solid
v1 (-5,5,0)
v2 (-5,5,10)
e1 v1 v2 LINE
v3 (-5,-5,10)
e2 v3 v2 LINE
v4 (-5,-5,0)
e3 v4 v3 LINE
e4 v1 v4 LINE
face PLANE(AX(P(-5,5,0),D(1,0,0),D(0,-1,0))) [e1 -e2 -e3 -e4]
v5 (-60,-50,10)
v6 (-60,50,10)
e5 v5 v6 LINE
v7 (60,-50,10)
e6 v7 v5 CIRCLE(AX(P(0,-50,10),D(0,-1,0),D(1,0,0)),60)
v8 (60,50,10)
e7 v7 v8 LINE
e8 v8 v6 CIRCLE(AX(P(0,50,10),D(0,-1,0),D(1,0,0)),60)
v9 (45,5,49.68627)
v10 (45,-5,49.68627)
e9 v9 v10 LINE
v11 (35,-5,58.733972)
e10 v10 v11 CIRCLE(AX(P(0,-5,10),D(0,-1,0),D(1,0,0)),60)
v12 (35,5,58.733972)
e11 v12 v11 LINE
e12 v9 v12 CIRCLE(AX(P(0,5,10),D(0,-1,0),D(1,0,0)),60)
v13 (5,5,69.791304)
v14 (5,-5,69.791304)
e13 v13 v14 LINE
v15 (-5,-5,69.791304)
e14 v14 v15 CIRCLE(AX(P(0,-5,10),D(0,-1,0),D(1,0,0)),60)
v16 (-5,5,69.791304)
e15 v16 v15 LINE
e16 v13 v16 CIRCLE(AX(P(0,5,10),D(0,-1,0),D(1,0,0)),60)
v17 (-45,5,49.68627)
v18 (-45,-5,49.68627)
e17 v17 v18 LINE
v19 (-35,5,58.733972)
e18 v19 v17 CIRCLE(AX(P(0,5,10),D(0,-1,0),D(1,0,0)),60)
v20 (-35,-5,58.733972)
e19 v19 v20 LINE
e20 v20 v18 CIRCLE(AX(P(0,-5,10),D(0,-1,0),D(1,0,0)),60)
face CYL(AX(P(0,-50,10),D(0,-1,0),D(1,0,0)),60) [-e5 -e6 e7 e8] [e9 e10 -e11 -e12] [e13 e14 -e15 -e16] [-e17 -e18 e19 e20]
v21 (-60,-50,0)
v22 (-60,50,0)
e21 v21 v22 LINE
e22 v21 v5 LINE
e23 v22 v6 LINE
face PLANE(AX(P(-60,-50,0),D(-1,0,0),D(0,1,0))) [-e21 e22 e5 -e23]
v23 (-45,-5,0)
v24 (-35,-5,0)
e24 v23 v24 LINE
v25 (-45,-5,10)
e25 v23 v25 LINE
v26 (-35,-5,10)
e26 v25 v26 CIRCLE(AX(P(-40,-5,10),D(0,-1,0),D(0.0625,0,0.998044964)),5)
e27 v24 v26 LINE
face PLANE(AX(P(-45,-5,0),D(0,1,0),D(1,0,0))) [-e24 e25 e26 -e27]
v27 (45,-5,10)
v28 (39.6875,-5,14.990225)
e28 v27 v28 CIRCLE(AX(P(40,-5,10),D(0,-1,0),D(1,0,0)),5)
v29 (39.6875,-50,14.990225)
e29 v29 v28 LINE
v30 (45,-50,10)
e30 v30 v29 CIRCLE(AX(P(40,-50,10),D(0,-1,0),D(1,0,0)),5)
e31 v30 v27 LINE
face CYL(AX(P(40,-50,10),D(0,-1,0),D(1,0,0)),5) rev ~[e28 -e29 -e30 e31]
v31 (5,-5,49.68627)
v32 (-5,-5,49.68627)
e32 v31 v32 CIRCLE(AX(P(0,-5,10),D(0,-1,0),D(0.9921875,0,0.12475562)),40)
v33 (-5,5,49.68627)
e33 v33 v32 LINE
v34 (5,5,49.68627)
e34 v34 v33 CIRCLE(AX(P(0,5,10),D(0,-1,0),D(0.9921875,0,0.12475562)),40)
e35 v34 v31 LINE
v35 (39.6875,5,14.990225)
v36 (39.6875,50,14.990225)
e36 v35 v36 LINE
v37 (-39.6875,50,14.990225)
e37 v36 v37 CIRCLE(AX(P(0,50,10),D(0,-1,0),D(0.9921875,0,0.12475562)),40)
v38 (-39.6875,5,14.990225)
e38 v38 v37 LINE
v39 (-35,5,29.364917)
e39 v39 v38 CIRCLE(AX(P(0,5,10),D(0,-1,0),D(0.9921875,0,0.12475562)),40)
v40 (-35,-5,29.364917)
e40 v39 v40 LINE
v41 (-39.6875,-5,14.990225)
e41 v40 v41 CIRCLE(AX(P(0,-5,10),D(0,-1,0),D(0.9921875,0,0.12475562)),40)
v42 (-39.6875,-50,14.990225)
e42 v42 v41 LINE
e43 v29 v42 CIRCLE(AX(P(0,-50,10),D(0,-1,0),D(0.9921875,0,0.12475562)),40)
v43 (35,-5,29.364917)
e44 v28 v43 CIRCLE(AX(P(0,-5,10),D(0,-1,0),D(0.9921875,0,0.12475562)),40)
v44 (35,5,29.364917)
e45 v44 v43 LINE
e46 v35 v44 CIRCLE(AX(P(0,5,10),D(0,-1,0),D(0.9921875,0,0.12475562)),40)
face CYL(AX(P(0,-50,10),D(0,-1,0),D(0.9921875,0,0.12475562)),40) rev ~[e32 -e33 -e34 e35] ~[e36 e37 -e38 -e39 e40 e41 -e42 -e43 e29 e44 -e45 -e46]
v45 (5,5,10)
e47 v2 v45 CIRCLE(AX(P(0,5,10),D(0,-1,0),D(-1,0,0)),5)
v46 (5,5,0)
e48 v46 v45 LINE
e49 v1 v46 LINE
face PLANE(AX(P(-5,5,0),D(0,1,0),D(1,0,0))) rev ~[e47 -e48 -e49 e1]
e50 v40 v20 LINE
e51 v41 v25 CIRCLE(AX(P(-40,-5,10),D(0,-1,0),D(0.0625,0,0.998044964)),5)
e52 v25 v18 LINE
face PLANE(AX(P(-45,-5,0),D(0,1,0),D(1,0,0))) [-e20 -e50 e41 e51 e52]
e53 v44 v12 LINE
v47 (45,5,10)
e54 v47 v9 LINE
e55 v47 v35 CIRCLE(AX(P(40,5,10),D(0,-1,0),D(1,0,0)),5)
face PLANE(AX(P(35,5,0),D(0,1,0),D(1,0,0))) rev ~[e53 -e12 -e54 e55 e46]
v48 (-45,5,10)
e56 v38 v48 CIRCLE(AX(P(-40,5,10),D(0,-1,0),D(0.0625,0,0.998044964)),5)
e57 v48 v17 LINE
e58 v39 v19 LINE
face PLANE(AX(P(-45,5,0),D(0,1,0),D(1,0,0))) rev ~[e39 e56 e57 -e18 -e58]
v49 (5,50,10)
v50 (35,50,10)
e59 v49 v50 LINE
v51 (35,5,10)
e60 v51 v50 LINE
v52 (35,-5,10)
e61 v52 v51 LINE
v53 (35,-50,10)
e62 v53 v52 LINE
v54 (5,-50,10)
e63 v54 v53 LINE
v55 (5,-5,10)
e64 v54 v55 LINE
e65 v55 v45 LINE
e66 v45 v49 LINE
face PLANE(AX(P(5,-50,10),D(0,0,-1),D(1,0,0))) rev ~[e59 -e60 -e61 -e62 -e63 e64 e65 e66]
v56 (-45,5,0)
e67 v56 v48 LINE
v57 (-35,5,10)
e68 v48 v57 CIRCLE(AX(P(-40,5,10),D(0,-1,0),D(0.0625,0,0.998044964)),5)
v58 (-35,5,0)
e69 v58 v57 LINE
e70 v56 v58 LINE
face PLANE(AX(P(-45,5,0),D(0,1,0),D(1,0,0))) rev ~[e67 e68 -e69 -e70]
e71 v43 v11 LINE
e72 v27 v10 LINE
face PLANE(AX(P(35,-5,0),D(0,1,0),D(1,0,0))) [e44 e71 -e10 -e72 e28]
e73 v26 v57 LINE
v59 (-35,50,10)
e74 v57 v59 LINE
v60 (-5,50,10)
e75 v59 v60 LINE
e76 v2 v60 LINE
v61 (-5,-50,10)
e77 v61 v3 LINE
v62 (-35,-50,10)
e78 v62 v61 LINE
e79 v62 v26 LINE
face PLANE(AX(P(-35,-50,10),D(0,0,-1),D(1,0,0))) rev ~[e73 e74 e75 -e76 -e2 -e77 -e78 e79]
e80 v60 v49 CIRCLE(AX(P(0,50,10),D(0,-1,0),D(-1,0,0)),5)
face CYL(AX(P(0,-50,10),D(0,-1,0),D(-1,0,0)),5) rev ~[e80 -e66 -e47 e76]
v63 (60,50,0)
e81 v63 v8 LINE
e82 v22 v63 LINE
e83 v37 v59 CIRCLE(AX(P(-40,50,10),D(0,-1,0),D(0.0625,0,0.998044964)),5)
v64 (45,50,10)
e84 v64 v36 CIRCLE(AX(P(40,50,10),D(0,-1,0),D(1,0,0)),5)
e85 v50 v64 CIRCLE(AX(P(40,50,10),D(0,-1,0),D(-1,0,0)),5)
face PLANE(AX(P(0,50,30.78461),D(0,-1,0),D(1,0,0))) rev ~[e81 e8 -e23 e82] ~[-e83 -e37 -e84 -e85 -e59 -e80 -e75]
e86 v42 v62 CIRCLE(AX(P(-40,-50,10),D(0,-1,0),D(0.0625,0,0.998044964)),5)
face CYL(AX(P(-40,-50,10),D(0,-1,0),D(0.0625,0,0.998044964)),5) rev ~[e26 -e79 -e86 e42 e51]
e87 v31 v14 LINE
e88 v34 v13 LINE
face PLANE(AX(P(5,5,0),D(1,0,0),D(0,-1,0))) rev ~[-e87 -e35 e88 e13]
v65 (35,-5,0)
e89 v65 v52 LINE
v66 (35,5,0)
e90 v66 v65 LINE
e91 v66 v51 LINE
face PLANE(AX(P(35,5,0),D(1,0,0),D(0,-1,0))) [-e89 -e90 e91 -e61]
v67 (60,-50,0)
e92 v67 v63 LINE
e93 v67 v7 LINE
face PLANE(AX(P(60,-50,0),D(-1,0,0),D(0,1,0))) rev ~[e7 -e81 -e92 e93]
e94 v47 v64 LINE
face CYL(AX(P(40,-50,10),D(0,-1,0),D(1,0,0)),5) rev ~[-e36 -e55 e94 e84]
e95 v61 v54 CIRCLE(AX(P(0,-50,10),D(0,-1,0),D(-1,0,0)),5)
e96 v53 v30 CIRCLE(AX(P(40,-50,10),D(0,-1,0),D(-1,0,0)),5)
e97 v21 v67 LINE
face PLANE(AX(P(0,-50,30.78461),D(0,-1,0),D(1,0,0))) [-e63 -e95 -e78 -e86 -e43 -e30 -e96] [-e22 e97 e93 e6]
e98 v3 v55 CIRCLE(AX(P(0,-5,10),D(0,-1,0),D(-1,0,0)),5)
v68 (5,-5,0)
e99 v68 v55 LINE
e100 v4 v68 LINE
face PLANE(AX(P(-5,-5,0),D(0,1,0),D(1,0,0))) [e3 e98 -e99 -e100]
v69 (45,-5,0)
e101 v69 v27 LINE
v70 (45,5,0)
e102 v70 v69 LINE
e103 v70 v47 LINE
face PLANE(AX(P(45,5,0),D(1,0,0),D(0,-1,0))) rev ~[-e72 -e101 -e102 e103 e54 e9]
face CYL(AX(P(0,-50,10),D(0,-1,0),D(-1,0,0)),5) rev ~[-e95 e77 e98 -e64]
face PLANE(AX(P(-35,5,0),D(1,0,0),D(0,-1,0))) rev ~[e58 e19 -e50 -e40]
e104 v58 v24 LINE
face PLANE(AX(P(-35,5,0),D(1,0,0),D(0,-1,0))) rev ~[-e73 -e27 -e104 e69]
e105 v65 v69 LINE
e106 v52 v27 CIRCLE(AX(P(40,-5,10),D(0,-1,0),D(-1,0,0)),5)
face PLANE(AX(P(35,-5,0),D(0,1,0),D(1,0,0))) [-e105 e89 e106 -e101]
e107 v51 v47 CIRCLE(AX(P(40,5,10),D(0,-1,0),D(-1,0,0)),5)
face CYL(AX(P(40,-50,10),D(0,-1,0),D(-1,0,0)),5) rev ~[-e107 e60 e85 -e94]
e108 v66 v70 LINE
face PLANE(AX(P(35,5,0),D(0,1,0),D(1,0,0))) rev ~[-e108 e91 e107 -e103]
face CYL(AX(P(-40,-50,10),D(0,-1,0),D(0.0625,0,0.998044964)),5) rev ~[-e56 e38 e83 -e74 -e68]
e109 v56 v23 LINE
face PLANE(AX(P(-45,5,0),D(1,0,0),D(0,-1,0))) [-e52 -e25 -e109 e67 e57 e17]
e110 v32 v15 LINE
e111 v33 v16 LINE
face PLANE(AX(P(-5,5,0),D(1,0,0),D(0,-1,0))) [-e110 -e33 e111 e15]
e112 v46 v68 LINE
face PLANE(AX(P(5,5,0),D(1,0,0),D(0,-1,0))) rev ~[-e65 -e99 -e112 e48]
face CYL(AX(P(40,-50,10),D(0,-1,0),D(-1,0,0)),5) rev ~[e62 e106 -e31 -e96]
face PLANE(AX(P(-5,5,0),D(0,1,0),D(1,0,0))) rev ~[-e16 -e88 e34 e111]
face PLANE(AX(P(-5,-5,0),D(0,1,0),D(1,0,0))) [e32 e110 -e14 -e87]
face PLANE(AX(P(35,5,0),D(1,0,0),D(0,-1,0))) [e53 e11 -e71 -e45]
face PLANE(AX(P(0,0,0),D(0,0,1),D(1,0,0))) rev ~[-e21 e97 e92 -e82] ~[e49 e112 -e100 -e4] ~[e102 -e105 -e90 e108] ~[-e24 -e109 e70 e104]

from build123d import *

# Parameters (mm, degrees)
F0_W     = 120
F0_H     = 100
F1_DEPTH = 10
F3_DEPTH = 100
F5_DEPTH = 100.001
F6_W     = 10
F6_H     = 10
F7_DEPTH = 70.001


with BuildPart() as f1:
    # F0 (on Top) → F1 (new body)
    with BuildSketch(Plane.XY):
        Rectangle(F0_W, F0_H)
    extrude(amount=F1_DEPTH)

    # F2 (on face) → F3 (join, through all)
    with BuildSketch(Plane.XZ.offset(50)):
        with BuildLine():
            Line((-60, 10), (60, 10))
            ThreePointArc((60, 10), (0, 70), (-60, 10))
        make_face()
    extrude(amount=-F3_DEPTH)

    # F4 (on face) → F5 (cut, through all)
    with BuildSketch(Plane.XZ.offset(50)):
        with BuildLine():
            Line((-5, 10), (5, 10))
            ThreePointArc((5, 10), (0, 15), (-5, 10))
        make_face()
        with BuildLine():
            ThreePointArc((-5, 10), (0, 5), (5, 10))
            Line((5, 10), (-5, 10))
        make_face()
        with BuildLine():
            ThreePointArc((-5, 10), (0, 15), (5, 10))
            Line((5, 10), (35, 10))
            ThreePointArc((35, 10), (36.3556550657, 13.4232659844), (39.6875, 14.9902248196))
            ThreePointArc((39.6875, 14.9902248196), (0, 50), (-39.6875, 14.9902248196))
            ThreePointArc((-39.6875, 14.9902248196), (-36.3556550657, 13.4232659844), (-35, 10))
            Line((-35, 10), (-5, 10))
        make_face()
        with BuildLine():
            Line((40, 10), (35, 10))
            ThreePointArc((35, 10), (40, 5), (45, 10))
            ThreePointArc((45, 10), (43.4232659844, 13.6443449343), (39.6875, 14.9902248196))
            ThreePointArc((39.6875, 14.9902248196), (39.9217985567, 12.5), (40, 10))
        make_face()
        with BuildLine():
            ThreePointArc((39.6875, 14.9902248196), (36.3556550657, 13.4232659844), (35, 10))
            Line((35, 10), (40, 10))
            ThreePointArc((40, 10), (39.9217985567, 12.5), (39.6875, 14.9902248196))
        make_face()
        with BuildLine():
            Line((-40, 10), (-35, 10))
            ThreePointArc((-35, 10), (-36.3556550657, 13.4232659844), (-39.6875, 14.9902248196))
            ThreePointArc((-39.6875, 14.9902248196), (-39.9217985567, 12.5), (-40, 10))
        make_face()
        with BuildLine():
            ThreePointArc((-39.6875, 14.9902248196), (-43.6443449343, 6.5767340156), (-35, 10))
            Line((-35, 10), (-40, 10))
            ThreePointArc((-40, 10), (-39.9217985567, 12.5), (-39.6875, 14.9902248196))
        make_face()
    extrude(amount=-F5_DEPTH, mode=Mode.SUBTRACT)

    # F6 (on face) → F7 (cut, through all)
    with BuildSketch(Plane(origin=(0, 0, 0), x_dir=(1, 0, 0), z_dir=(0, 0, -1))):
        Rectangle(F6_W, F6_H)
        with Locations((40, 0)):
            Rectangle(F6_W, F6_H)
        with Locations((-40, 0)):
            Rectangle(F6_W, F6_H)
    extrude(amount=-F7_DEPTH, mode=Mode.SUBTRACT)


solid = f1.part
